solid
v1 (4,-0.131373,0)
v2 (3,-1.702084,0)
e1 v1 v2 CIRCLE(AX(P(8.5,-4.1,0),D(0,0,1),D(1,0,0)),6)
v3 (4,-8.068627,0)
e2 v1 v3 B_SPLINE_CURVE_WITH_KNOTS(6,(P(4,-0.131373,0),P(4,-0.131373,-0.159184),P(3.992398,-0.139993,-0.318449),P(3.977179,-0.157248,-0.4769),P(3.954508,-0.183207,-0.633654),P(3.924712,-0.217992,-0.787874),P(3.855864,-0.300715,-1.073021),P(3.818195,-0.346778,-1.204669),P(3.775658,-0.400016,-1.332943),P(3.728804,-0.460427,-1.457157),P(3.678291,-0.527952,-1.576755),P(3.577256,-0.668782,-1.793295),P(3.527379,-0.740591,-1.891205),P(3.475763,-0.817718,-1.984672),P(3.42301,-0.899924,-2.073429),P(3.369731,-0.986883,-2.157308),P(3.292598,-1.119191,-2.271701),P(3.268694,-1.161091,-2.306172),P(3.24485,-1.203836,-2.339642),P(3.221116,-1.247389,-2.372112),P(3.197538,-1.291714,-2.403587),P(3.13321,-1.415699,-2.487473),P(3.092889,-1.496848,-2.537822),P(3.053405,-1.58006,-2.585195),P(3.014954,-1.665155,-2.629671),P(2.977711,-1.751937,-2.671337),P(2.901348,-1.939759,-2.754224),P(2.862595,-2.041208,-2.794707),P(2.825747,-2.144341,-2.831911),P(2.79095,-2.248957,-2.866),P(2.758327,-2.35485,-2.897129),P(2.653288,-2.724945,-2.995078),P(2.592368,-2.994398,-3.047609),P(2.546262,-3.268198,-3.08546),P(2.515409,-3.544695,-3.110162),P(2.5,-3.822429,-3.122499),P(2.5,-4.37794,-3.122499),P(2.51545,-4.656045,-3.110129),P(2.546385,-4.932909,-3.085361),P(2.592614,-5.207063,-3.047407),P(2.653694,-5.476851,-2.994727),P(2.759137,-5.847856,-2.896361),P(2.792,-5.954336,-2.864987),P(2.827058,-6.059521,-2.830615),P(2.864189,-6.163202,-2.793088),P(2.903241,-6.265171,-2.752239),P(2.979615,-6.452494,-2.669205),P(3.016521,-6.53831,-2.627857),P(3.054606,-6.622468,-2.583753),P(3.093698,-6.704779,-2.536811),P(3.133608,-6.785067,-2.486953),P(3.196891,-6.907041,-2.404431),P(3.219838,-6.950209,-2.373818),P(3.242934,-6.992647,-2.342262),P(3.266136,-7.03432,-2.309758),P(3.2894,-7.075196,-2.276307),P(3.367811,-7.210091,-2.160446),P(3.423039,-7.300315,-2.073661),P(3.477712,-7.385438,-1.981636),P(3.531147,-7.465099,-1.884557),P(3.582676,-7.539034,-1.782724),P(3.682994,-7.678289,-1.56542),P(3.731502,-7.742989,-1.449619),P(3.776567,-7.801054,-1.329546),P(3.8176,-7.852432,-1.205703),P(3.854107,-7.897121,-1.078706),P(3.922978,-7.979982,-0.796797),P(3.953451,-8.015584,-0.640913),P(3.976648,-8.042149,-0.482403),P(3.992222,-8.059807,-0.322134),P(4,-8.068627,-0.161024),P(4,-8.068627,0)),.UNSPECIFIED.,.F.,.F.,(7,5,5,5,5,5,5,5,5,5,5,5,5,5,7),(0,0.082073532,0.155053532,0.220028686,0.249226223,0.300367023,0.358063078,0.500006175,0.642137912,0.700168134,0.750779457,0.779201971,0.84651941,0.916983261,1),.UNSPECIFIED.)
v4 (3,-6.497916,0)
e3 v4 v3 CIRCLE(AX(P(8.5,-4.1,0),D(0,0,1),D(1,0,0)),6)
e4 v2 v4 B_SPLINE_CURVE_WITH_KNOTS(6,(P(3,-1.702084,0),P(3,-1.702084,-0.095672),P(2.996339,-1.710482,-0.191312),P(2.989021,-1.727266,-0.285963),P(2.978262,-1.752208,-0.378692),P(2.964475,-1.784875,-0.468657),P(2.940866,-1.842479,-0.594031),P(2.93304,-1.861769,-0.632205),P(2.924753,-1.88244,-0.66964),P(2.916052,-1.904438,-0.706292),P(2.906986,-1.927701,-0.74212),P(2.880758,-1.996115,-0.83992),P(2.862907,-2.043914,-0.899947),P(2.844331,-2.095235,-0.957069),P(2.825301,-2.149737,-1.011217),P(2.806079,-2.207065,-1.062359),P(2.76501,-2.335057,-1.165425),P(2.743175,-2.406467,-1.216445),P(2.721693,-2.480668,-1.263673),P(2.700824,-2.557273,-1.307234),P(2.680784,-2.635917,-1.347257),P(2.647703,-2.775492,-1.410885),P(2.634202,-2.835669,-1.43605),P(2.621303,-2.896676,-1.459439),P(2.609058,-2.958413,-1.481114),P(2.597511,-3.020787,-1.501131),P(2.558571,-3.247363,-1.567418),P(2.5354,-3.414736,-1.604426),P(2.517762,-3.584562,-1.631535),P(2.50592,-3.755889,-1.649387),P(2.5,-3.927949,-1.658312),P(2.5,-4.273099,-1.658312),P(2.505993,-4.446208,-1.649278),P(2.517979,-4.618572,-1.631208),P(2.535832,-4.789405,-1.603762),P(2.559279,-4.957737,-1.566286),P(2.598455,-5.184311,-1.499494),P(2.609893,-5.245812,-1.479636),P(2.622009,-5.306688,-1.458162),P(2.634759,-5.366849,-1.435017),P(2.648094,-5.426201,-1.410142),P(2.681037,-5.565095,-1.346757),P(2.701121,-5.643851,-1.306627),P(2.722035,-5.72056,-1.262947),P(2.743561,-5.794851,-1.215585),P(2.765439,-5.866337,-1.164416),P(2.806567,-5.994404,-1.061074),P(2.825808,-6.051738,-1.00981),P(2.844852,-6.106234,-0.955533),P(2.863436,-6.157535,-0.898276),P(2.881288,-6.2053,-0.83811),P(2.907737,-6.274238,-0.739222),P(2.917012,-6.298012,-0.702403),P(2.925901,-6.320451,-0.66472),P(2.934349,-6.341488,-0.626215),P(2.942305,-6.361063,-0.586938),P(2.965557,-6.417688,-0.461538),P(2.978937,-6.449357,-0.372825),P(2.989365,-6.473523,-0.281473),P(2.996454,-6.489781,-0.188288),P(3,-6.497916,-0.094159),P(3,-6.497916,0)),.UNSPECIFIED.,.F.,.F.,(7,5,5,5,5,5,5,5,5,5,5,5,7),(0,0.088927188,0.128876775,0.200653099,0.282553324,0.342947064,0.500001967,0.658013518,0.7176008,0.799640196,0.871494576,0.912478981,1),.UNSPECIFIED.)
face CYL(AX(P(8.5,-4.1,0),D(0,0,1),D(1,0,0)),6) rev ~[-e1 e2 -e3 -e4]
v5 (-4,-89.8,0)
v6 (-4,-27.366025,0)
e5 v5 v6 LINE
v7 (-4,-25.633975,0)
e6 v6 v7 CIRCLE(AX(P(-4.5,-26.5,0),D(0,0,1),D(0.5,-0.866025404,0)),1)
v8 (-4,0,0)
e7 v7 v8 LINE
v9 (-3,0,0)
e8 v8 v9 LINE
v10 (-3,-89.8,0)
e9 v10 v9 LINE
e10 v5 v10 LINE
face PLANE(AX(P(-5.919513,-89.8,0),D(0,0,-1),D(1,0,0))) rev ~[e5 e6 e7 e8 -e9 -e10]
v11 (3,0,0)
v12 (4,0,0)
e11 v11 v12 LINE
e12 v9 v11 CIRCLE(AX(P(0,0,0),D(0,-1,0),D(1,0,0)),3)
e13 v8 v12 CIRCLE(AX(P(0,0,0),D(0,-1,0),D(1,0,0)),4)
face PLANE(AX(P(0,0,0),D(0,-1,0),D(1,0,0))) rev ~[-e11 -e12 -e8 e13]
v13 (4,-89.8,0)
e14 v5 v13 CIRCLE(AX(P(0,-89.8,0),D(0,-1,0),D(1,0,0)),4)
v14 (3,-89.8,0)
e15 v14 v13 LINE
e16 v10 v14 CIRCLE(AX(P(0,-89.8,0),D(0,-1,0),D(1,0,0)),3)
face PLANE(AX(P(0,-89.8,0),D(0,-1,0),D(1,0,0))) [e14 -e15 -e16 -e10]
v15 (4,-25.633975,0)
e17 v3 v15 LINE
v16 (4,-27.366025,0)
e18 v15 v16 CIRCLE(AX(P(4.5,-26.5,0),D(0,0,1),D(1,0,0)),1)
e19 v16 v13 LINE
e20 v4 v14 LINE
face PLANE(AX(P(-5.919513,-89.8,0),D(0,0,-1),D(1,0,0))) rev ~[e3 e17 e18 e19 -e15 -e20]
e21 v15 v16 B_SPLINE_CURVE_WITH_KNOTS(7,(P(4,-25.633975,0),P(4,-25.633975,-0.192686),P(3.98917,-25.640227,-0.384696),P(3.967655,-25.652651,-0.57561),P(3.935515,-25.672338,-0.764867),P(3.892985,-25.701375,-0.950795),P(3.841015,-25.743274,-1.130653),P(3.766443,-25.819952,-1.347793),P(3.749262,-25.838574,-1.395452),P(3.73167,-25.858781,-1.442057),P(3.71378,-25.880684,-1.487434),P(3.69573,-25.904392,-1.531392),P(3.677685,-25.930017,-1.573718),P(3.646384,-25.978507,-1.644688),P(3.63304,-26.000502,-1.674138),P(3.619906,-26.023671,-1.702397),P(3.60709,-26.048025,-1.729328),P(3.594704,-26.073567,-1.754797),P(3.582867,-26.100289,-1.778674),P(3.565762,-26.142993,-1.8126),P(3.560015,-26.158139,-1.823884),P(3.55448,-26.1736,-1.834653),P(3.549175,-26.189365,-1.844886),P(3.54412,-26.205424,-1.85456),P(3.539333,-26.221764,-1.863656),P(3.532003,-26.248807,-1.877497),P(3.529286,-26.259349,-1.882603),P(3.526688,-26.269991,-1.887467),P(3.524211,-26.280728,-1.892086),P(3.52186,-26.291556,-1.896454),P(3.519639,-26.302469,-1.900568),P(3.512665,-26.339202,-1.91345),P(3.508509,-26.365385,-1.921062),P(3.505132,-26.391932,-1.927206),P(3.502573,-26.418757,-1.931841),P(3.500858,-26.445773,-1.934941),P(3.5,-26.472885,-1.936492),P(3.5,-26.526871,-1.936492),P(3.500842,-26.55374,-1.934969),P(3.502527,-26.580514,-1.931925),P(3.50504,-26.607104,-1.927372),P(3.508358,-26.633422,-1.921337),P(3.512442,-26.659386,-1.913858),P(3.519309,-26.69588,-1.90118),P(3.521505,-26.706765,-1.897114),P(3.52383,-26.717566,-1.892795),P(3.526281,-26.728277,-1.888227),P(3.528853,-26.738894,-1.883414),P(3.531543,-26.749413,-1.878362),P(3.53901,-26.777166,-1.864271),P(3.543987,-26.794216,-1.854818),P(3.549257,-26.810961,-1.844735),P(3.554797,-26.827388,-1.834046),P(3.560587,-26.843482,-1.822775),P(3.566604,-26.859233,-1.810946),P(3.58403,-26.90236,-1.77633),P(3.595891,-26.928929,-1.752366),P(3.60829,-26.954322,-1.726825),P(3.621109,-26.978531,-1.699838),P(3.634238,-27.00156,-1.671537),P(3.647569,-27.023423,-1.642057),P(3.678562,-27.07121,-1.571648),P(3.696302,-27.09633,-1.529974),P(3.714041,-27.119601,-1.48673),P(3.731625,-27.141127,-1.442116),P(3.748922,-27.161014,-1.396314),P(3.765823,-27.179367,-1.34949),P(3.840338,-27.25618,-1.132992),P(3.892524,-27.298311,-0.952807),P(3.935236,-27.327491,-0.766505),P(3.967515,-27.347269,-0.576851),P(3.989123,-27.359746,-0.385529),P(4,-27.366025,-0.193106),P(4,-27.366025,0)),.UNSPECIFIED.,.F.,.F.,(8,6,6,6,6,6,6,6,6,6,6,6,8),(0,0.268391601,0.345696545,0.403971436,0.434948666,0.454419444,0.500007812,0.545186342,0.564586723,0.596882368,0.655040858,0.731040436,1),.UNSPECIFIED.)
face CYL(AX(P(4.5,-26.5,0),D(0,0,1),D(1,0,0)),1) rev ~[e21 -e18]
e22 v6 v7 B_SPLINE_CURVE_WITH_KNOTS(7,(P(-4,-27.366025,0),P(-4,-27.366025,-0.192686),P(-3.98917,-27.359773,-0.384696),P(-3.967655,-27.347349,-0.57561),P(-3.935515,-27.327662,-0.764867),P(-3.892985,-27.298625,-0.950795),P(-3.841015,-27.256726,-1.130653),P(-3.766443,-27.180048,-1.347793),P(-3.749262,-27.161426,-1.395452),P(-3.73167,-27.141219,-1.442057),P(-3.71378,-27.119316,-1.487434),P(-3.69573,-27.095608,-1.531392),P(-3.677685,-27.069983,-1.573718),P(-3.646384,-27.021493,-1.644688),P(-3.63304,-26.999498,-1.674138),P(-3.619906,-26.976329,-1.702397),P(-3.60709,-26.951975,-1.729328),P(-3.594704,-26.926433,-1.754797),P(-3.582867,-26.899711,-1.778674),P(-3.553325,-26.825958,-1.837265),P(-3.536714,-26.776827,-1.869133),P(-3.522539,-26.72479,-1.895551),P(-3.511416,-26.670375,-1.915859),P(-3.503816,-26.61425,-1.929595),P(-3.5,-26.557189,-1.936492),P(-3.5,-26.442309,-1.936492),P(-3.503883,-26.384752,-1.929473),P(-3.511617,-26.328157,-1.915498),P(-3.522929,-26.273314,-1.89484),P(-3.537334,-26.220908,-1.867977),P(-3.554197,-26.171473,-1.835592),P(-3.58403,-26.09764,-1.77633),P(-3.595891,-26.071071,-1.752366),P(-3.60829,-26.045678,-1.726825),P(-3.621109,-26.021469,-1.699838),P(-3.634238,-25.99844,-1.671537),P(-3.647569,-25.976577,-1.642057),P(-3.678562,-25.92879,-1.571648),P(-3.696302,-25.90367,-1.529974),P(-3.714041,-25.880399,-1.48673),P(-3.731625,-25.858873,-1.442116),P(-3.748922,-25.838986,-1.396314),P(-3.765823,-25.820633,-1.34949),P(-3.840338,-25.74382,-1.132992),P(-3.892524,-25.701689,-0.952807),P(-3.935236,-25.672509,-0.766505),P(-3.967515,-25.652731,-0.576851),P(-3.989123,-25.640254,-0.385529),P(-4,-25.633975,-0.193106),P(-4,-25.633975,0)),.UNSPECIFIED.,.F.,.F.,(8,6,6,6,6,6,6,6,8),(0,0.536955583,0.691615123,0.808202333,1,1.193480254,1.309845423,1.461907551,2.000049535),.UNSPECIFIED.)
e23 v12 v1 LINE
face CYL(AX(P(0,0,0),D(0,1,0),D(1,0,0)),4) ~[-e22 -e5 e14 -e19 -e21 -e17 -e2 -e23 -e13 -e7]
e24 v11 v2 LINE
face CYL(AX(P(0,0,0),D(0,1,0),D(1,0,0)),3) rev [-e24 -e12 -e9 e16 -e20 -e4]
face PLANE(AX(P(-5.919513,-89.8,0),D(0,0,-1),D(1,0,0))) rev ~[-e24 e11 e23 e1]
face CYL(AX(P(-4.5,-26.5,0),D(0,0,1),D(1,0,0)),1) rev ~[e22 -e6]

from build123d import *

# Parameters (mm, degrees)
F0_R          = 4
F0_R_2        = 3
F1_DEPTH      = 89.8
F3_DEPTH      = 96.4
F4_R          = 6
F5_DEPTH      = 25
F5_DEPTH_BACK = 25
F6_R          = 1
F7_DEPTH      = 25
F7_DEPTH_BACK = 25


with BuildPart() as f1:
    # F0 (on Front) → F1 (new body)
    with BuildSketch(Plane.XZ):
        Circle(F0_R)
        Circle(F0_R_2, mode=Mode.SUBTRACT)
    extrude(amount=F1_DEPTH)

    # F2 (on face) → F3 (cut)
    with BuildSketch(Plane.XZ.offset(89.8)):
        Polygon((-5.919513, 0), (0, 0), (6.079678, 0), (6.079678, 7.445201), (-5.919513, 7.445201), align=None)
    extrude(amount=-F3_DEPTH, mode=Mode.SUBTRACT)

    # F4 (on Top) → F5 (cut, two sides)
    with BuildSketch(Plane.XY) as f5_sk:
        with Locations((8.5, -4.1)):
            Circle(F4_R)
    extrude(amount=-F5_DEPTH, mode=Mode.SUBTRACT)
    extrude(f5_sk.sketch, amount=-F5_DEPTH_BACK, mode=Mode.SUBTRACT)

    # F6 (on face) → F7 (cut, two sides)
    with BuildSketch(Plane.XY) as f7_sk:
        with Locations((4.5, -26.5)):
            Circle(F6_R)
        with Locations((-4.5, -26.5)):
            Circle(F6_R)
    extrude(amount=-F7_DEPTH, mode=Mode.SUBTRACT)
    extrude(f7_sk.sketch, amount=-F7_DEPTH_BACK, mode=Mode.SUBTRACT)


solid = f1.part
